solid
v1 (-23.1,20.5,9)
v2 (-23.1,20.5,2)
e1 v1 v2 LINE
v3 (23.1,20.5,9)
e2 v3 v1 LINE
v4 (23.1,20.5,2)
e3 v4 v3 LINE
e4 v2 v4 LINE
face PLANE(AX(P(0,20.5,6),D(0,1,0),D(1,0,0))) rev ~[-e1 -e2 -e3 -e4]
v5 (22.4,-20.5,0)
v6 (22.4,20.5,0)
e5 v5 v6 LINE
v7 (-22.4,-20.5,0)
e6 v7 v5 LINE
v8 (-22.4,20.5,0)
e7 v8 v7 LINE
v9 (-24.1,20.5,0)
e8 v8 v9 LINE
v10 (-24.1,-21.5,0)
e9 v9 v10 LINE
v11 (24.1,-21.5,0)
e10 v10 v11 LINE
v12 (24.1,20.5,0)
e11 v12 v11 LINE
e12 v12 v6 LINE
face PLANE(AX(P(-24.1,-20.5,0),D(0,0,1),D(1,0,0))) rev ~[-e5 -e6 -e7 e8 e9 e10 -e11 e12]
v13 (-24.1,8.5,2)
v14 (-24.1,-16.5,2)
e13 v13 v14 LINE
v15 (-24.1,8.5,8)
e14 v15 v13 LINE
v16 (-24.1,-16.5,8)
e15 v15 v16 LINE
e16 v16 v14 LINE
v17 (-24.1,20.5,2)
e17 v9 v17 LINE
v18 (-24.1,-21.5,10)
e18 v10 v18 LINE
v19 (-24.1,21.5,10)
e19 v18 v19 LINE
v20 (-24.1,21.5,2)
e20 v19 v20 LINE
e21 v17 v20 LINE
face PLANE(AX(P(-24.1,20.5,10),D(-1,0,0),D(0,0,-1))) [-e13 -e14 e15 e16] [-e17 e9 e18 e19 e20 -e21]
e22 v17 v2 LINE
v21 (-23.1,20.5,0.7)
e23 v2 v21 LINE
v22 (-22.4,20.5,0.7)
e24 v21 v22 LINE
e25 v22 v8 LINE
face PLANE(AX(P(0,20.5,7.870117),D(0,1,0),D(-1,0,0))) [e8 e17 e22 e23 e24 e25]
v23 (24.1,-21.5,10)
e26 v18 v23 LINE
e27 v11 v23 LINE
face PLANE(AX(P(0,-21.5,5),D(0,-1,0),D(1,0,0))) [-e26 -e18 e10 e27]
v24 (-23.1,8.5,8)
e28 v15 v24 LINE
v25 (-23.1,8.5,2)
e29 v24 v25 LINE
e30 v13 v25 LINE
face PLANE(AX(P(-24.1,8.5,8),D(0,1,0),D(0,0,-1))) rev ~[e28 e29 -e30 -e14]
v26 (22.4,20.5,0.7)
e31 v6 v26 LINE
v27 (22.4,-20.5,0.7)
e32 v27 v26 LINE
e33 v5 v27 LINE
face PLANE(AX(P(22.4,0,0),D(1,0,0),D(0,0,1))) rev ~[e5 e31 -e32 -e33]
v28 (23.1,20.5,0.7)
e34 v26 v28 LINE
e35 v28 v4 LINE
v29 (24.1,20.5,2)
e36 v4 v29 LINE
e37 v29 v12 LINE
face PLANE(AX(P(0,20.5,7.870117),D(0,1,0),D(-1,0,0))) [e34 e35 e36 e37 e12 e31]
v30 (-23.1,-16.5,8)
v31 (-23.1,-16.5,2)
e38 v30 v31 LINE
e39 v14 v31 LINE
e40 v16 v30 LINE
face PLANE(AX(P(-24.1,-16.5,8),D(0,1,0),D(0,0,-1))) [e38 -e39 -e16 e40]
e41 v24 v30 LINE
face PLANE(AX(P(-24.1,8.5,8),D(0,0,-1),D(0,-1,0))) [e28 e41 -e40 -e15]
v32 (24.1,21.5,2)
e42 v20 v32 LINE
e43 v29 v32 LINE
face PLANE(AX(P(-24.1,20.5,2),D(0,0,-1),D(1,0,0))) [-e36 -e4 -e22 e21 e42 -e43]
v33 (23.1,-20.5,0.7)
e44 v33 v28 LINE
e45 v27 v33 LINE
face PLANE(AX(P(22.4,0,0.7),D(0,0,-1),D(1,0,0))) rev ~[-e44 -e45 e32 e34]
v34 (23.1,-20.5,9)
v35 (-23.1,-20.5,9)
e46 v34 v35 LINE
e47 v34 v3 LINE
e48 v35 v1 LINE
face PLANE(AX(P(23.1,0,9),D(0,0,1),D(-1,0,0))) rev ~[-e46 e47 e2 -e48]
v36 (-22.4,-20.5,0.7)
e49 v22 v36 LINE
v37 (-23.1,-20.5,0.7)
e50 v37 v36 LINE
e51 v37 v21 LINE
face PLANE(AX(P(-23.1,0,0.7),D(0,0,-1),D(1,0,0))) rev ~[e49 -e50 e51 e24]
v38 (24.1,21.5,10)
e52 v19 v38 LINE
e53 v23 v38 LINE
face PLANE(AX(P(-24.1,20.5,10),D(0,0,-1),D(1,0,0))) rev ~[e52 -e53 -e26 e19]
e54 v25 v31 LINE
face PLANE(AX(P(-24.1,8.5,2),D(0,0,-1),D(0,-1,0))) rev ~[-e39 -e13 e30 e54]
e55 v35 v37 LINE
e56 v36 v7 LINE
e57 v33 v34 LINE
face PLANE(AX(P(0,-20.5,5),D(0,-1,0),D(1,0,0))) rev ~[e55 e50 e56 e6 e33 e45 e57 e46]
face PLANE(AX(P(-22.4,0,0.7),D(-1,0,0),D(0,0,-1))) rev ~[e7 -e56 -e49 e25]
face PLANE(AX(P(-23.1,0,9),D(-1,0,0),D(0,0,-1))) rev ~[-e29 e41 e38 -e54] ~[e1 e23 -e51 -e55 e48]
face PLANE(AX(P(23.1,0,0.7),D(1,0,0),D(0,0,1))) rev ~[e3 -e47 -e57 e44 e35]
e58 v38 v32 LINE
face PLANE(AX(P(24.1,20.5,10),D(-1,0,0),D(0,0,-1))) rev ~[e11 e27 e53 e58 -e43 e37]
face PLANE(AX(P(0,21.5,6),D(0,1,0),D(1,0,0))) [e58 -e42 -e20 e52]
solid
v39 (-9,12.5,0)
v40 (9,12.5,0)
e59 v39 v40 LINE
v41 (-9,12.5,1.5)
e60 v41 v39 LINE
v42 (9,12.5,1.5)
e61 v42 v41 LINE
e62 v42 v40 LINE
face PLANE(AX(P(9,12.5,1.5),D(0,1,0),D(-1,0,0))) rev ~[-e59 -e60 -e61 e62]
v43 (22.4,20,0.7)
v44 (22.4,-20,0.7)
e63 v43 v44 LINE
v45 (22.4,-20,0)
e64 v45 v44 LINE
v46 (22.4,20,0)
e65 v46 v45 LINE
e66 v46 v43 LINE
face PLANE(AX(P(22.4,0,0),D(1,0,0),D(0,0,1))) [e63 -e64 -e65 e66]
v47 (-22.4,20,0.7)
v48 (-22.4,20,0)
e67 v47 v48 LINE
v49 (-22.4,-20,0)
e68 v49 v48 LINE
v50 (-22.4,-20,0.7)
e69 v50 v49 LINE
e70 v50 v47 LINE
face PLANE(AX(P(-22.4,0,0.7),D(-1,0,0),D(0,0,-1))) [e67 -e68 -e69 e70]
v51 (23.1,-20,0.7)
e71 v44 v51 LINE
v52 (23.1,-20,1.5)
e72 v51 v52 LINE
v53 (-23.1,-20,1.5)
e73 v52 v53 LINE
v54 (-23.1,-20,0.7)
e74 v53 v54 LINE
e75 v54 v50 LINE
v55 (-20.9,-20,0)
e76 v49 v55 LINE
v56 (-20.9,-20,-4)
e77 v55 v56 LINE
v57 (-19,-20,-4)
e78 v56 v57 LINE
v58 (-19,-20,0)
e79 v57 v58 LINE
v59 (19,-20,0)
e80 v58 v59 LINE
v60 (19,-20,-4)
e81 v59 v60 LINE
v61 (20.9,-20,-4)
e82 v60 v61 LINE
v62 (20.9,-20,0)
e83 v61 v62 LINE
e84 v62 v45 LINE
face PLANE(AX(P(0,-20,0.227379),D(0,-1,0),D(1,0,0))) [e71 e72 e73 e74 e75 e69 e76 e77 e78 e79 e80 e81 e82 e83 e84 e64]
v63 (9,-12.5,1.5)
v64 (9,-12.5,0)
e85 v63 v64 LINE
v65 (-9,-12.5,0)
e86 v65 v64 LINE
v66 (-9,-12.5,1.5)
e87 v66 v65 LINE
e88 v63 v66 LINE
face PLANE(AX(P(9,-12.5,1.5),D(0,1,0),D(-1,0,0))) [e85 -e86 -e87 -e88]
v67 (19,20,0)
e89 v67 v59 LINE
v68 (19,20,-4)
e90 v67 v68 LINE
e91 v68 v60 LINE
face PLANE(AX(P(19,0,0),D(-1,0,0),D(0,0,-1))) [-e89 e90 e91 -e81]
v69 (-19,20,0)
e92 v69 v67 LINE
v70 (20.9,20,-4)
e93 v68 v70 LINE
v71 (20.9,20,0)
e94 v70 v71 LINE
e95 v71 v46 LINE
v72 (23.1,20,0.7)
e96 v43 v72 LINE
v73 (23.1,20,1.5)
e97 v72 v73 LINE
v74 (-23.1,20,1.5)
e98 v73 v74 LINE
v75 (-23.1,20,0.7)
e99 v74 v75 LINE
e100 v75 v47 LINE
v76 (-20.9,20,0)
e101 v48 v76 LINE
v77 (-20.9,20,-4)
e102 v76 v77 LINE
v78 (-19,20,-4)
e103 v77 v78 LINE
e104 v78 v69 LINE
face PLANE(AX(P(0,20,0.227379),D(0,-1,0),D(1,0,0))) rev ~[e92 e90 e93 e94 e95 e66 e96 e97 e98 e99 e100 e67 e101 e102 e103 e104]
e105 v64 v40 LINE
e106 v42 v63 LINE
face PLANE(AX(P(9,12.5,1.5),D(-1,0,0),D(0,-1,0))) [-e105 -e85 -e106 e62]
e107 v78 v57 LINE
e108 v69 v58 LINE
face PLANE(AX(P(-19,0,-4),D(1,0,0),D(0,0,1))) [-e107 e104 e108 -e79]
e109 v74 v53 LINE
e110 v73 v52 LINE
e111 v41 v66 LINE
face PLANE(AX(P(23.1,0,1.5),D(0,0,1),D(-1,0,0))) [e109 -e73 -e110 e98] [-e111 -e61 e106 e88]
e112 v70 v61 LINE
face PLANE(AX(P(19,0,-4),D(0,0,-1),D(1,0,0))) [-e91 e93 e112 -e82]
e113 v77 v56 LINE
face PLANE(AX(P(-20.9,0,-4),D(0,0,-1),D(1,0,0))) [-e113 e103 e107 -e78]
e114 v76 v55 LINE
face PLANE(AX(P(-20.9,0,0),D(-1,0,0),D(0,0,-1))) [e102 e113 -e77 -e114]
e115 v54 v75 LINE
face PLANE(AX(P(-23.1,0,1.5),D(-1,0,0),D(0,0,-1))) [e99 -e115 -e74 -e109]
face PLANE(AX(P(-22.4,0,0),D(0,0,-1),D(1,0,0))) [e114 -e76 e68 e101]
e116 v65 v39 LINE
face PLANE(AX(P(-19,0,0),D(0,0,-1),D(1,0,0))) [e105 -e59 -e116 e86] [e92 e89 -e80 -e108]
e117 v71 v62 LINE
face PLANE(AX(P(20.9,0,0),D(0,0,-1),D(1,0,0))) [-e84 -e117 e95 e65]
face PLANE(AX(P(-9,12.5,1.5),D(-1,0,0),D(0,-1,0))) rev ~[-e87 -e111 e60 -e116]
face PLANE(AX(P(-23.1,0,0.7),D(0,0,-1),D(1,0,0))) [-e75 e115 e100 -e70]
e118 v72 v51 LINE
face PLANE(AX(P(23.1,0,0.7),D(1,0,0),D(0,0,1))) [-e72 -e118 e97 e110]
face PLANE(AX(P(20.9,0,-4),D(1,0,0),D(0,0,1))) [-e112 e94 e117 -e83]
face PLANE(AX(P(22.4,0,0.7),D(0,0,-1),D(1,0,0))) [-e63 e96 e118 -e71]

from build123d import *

# Parameters (mm, degrees)
PAD_DEPTH       = 20
SKETCH001_W     = 18
SKETCH001_H     = 25
POCKET_DEPTH    = 5
PAD001_DEPTH    = 20.5
SKETCH003_W     = 48.2
SKETCH003_H     = 10
PAD002_DEPTH    = 1
SKETCH004_W     = 6
SKETCH004_H     = 25
POCKET001_DEPTH = 5
SKETCH005_W     = 48.2
SKETCH005_H     = 8
PAD003_DEPTH    = 1


with BuildPart() as pocket:
    # Sketch → Pad (new body, symmetric)
    with BuildSketch(Plane.XZ):
        Polygon((-22.4, 0), (-20.9, 0), (-20.9, -4), (-19, -4), (-19, 0), (19, 0), (19, -4), (20.9, -4), (20.9, 0), (22.4, 0), (22.4, 0.7), (23.1, 0.7), (23.1, 1.5), (-23.1, 1.5), (-23.1, 0.7), (-22.4, 0.7), align=None)
    extrude(amount=PAD_DEPTH, both=True)

    # Sketch001 → Pocket (cut)
    with BuildSketch(Plane(origin=(0, 0, 1.5), x_dir=(-1, 0, 0), z_dir=(0, 0, 1))):
        Rectangle(SKETCH001_W, SKETCH001_H)
    extrude(amount=-POCKET_DEPTH, mode=Mode.SUBTRACT)


with BuildPart() as pad003:
    # Sketch002 → Pad001 (new body, symmetric)
    with BuildSketch(Plane.XZ):
        Polygon((-24.1, 0), (-24.1, 10), (24.1, 10), (24.1, 0), (22.4, 0), (22.4, 0.7), (23.1, 0.7), (23.1, 9), (-23.1, 9), (-23.1, 0.7), (-22.4, 0.7), (-22.4, 0), align=None)
    extrude(amount=PAD001_DEPTH, both=True)

    # Sketch003 → Pad002 (new body)
    with BuildSketch(Plane.XZ.offset(20.5)):
        with Locations((0, 5)):
            Rectangle(SKETCH003_W, SKETCH003_H)
    extrude(amount=PAD002_DEPTH)

    # Sketch004 → Pocket001 (cut)
    with BuildSketch(Plane(origin=(-24.1, 0, 0), x_dir=(0, 0, -1), z_dir=(-1, 0, 0))):
        with Locations((-5, 4)):
            Rectangle(SKETCH004_W, SKETCH004_H)
    extrude(amount=-POCKET001_DEPTH, mode=Mode.SUBTRACT)

    # Sketch005 → Pad003 (new body)
    with BuildSketch(Plane(origin=(0, 20.5, 0), x_dir=(1, 0, 0), z_dir=(0, 1, 0))):
        with Locations((0, -6)):
            Rectangle(SKETCH005_W, SKETCH005_H)
    extrude(amount=PAD003_DEPTH)


solid = Compound([pocket.part, pad003.part])
